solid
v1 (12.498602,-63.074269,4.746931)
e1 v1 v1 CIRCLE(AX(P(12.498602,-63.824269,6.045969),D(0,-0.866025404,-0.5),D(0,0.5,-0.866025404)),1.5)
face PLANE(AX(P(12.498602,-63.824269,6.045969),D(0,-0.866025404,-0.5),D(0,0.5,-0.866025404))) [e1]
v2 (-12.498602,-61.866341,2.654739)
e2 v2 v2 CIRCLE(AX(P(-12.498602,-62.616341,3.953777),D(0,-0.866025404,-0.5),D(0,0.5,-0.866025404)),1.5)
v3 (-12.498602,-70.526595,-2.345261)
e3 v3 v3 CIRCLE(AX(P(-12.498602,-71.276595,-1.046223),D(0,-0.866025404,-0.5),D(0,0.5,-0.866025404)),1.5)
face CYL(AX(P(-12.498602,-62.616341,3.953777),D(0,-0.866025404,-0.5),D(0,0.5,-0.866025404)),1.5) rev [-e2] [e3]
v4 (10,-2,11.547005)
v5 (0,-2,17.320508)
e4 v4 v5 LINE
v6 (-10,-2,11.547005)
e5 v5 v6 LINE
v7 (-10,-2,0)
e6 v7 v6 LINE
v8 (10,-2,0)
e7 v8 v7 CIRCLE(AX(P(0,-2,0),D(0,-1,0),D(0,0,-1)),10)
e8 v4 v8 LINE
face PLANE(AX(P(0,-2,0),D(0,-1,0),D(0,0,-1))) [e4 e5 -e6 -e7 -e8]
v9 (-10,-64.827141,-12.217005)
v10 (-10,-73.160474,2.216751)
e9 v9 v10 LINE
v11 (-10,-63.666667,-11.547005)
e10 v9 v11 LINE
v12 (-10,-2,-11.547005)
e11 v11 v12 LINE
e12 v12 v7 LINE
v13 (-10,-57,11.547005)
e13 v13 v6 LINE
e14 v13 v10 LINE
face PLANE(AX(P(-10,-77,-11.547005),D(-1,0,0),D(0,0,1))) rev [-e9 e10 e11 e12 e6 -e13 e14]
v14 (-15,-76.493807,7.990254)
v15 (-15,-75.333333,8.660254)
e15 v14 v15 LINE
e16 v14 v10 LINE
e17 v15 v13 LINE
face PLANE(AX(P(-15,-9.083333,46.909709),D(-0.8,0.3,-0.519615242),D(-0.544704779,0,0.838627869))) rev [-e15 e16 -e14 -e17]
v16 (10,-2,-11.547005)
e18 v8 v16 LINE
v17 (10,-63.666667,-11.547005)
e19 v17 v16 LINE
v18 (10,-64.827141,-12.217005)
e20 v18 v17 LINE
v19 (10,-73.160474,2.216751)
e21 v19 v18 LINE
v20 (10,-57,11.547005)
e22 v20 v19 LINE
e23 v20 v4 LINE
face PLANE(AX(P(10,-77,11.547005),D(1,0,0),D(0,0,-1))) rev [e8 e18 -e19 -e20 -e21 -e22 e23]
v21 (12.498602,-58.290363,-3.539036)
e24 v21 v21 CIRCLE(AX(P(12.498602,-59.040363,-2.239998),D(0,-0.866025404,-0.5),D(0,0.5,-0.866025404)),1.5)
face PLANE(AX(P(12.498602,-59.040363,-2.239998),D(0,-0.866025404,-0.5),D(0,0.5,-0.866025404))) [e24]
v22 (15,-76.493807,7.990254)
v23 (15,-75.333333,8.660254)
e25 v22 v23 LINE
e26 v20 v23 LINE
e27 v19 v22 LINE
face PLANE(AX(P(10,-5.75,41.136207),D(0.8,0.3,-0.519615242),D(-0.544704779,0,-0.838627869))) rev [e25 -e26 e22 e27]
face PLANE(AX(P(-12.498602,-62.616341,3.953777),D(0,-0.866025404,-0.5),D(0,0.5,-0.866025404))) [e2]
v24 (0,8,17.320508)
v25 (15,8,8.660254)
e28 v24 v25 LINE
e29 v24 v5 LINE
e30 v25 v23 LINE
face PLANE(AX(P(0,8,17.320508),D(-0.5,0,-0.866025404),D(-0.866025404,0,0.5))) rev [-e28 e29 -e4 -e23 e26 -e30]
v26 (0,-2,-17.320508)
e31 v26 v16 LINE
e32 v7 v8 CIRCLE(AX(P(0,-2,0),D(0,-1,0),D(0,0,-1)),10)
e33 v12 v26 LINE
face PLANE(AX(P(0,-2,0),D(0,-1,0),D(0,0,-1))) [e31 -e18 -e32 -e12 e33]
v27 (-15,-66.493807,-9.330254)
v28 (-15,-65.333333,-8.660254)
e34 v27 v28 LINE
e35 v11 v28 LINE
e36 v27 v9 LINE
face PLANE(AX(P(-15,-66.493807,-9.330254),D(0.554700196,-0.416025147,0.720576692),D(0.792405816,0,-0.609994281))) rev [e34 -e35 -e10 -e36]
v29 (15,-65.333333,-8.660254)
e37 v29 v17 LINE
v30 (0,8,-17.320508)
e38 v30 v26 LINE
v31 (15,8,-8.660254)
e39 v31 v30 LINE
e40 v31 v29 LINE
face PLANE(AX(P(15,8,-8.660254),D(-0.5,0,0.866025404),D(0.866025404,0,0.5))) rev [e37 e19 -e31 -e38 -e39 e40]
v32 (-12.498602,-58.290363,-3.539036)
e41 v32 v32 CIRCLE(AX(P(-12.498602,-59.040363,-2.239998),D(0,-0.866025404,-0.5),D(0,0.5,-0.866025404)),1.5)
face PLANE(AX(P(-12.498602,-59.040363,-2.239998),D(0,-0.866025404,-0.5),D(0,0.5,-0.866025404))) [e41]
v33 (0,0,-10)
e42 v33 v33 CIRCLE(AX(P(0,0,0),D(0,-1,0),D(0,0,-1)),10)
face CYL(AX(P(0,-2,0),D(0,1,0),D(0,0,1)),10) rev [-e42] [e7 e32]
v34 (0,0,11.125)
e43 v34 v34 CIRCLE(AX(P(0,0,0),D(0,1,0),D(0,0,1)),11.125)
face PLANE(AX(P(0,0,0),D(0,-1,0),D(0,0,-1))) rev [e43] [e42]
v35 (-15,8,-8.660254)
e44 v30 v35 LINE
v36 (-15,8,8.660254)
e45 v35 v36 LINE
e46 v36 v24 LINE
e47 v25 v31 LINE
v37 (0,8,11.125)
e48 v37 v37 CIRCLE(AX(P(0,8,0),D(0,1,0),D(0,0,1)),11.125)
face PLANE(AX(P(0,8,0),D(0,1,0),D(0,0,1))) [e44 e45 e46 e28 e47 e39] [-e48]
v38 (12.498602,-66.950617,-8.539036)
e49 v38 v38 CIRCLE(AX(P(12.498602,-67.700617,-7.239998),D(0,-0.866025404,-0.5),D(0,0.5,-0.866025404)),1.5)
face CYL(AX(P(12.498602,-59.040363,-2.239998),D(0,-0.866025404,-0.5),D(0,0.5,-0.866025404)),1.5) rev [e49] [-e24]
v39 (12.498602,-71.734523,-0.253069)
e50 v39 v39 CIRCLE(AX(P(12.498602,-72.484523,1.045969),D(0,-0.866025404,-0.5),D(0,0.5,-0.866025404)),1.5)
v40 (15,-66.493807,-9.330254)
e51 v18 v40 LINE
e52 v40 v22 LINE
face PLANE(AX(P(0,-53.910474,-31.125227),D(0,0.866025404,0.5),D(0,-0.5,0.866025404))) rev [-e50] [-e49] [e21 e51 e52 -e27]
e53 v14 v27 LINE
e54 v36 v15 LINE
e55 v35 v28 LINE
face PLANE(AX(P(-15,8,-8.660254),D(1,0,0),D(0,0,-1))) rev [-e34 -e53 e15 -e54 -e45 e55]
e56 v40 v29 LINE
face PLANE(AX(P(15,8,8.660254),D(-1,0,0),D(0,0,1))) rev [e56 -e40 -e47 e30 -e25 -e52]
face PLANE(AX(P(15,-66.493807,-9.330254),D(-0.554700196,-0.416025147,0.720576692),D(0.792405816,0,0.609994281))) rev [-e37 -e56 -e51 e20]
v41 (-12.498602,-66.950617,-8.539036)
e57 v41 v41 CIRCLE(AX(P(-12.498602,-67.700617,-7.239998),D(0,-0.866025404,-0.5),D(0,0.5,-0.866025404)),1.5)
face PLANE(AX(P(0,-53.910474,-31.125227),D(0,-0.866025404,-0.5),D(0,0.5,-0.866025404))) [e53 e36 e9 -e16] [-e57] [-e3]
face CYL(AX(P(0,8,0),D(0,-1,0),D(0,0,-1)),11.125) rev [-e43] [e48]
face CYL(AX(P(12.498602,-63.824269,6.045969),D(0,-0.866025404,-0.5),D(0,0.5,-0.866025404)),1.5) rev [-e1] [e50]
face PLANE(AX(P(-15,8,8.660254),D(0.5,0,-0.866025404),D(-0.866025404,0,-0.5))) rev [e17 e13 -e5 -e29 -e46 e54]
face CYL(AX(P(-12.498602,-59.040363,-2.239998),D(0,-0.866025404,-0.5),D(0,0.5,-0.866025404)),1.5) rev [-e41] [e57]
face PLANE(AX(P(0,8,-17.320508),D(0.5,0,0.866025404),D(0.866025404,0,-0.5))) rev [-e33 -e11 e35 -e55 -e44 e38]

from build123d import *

# Parameters (mm, degrees)
SKETCH2_R           = 11.125
BOSS_EXTRUDE1_DEPTH = 8
SKETCH3_R           = 10
BOSS_EXTRUDE2_DEPTH = 2
BOSS_EXTRUDE3_DEPTH = 75
CUT_EXTRUDE1_DEPTH  = 85.433405711
BOSS_EXTRUDE4_DEPTH = 1.34
CUT_EXTRUDE4_DEPTH  = 81.030594237
SKETCH14_R          = 1.5
CUT_EXTRUDE6_DEPTH  = 10


with BuildPart() as part:
    # Sketch2 → Boss-Extrude1 (new body)
    with BuildSketch(Plane(origin=(0, 0, 0), x_dir=(1, 0, 0), z_dir=(0, 1, 0))):
        Polygon((0, 17.320508076), (-15, 8.660254038), (-15, -8.660254038), (0, -17.320508076), (15, -8.660254038), (15, 8.660254038), align=None)
        with Locations(Location((0, 0, 0), (0, 0, 270))):
            Circle(SKETCH2_R, mode=Mode.SUBTRACT)
    extrude(amount=BOSS_EXTRUDE1_DEPTH)

    # Sketch3 → Boss-Extrude2 (add)
    with BuildSketch(Plane.XZ):
        Polygon((0, 17.320508076), (-15, 8.660254038), (-15, -8.660254038), (0, -17.320508076), (15, -8.660254038), (15, 8.660254038), align=None)
        with Locations(Location((0, 0, 0), (0, 0, 270))):
            Circle(SKETCH3_R, mode=Mode.SUBTRACT)
    extrude(amount=BOSS_EXTRUDE2_DEPTH)

    # Sketch4 → Boss-Extrude3 (add)
    with BuildSketch(Plane.XZ.offset(2)):
        Polygon((-10, 11.547005384), (-15, 8.660254038), (-15, -8.660254038), (-10, -11.547005384), align=None)
        Polygon((10, -11.547005384), (15, -8.660254038), (15, 8.660254038), (10, 11.547005384), align=None)
    extrude(amount=BOSS_EXTRUDE3_DEPTH)

    # Sketch5 → Cut-Extrude1 (cut, through all)
    with BuildSketch(Plane.ZY.offset(15)):
        Polygon((11.547005384, -77), (-11.547005384, -63.666666667), (-11.547005384, -77), align=None)
    extrude(amount=-CUT_EXTRUDE1_DEPTH, mode=Mode.SUBTRACT)

    # Sketch6 → Boss-Extrude4 (add)
    with BuildSketch(Plane(origin=(0, -52.75, -30.4552267), x_dir=(1, 0, 0), z_dir=(-1.6525460586108427e-15, -0.8660254037844438, -0.4999999999999913))):
        Polygon((-10, 48.5), (-15, 45.166666667), (-15, 25.166666667), (-10, 21.833333333), align=None)
        Polygon((10, 48.5), (15, 45.166666667), (15, 25.166666667), (10, 21.833333333), align=None)
    extrude(amount=BOSS_EXTRUDE4_DEPTH)

    # Sketch9 → Cut-Extrude4 (cut, through all)
    with BuildSketch(Plane(origin=(0, -53.910474041, -31.1252267), x_dir=(1, 0, 0), z_dir=(0, -0.8660254037844435, -0.4999999999999916))):
        Polygon((-15, 45.166666667), (-10, 38.5), (-10, 48.5), align=None)
        Polygon((10, 48.5), (10, 38.5), (15, 45.166666667), align=None)
    extrude(amount=-CUT_EXTRUDE4_DEPTH, mode=Mode.SUBTRACT)

    # Sketch14 → Cut-Extrude6 (cut)
    with BuildSketch(Plane(origin=(0, -53.910474041, -31.1252267), x_dir=(1, 0, 0), z_dir=(-3.0355825822191097e-15, -0.8660254037844435, -0.4999999999999916))):
        with Locations(Location((-12.498602075, 34.732241333, 0), (0, 0, 270))):
            Circle(SKETCH14_R)
        with Locations(Location((-12.498602075, 27.580286063, 0), (0, 0, 270))):
            Circle(SKETCH14_R)
        with Locations(Location((12.498602075, 27.580286063, 0), (0, 0, 270))):
            Circle(SKETCH14_R)
        with Locations(Location((12.498602075, 37.148097384, 0), (0, 0, 270))):
            Circle(SKETCH14_R)
    extrude(amount=-CUT_EXTRUDE6_DEPTH, mode=Mode.SUBTRACT)


solid = part.part
